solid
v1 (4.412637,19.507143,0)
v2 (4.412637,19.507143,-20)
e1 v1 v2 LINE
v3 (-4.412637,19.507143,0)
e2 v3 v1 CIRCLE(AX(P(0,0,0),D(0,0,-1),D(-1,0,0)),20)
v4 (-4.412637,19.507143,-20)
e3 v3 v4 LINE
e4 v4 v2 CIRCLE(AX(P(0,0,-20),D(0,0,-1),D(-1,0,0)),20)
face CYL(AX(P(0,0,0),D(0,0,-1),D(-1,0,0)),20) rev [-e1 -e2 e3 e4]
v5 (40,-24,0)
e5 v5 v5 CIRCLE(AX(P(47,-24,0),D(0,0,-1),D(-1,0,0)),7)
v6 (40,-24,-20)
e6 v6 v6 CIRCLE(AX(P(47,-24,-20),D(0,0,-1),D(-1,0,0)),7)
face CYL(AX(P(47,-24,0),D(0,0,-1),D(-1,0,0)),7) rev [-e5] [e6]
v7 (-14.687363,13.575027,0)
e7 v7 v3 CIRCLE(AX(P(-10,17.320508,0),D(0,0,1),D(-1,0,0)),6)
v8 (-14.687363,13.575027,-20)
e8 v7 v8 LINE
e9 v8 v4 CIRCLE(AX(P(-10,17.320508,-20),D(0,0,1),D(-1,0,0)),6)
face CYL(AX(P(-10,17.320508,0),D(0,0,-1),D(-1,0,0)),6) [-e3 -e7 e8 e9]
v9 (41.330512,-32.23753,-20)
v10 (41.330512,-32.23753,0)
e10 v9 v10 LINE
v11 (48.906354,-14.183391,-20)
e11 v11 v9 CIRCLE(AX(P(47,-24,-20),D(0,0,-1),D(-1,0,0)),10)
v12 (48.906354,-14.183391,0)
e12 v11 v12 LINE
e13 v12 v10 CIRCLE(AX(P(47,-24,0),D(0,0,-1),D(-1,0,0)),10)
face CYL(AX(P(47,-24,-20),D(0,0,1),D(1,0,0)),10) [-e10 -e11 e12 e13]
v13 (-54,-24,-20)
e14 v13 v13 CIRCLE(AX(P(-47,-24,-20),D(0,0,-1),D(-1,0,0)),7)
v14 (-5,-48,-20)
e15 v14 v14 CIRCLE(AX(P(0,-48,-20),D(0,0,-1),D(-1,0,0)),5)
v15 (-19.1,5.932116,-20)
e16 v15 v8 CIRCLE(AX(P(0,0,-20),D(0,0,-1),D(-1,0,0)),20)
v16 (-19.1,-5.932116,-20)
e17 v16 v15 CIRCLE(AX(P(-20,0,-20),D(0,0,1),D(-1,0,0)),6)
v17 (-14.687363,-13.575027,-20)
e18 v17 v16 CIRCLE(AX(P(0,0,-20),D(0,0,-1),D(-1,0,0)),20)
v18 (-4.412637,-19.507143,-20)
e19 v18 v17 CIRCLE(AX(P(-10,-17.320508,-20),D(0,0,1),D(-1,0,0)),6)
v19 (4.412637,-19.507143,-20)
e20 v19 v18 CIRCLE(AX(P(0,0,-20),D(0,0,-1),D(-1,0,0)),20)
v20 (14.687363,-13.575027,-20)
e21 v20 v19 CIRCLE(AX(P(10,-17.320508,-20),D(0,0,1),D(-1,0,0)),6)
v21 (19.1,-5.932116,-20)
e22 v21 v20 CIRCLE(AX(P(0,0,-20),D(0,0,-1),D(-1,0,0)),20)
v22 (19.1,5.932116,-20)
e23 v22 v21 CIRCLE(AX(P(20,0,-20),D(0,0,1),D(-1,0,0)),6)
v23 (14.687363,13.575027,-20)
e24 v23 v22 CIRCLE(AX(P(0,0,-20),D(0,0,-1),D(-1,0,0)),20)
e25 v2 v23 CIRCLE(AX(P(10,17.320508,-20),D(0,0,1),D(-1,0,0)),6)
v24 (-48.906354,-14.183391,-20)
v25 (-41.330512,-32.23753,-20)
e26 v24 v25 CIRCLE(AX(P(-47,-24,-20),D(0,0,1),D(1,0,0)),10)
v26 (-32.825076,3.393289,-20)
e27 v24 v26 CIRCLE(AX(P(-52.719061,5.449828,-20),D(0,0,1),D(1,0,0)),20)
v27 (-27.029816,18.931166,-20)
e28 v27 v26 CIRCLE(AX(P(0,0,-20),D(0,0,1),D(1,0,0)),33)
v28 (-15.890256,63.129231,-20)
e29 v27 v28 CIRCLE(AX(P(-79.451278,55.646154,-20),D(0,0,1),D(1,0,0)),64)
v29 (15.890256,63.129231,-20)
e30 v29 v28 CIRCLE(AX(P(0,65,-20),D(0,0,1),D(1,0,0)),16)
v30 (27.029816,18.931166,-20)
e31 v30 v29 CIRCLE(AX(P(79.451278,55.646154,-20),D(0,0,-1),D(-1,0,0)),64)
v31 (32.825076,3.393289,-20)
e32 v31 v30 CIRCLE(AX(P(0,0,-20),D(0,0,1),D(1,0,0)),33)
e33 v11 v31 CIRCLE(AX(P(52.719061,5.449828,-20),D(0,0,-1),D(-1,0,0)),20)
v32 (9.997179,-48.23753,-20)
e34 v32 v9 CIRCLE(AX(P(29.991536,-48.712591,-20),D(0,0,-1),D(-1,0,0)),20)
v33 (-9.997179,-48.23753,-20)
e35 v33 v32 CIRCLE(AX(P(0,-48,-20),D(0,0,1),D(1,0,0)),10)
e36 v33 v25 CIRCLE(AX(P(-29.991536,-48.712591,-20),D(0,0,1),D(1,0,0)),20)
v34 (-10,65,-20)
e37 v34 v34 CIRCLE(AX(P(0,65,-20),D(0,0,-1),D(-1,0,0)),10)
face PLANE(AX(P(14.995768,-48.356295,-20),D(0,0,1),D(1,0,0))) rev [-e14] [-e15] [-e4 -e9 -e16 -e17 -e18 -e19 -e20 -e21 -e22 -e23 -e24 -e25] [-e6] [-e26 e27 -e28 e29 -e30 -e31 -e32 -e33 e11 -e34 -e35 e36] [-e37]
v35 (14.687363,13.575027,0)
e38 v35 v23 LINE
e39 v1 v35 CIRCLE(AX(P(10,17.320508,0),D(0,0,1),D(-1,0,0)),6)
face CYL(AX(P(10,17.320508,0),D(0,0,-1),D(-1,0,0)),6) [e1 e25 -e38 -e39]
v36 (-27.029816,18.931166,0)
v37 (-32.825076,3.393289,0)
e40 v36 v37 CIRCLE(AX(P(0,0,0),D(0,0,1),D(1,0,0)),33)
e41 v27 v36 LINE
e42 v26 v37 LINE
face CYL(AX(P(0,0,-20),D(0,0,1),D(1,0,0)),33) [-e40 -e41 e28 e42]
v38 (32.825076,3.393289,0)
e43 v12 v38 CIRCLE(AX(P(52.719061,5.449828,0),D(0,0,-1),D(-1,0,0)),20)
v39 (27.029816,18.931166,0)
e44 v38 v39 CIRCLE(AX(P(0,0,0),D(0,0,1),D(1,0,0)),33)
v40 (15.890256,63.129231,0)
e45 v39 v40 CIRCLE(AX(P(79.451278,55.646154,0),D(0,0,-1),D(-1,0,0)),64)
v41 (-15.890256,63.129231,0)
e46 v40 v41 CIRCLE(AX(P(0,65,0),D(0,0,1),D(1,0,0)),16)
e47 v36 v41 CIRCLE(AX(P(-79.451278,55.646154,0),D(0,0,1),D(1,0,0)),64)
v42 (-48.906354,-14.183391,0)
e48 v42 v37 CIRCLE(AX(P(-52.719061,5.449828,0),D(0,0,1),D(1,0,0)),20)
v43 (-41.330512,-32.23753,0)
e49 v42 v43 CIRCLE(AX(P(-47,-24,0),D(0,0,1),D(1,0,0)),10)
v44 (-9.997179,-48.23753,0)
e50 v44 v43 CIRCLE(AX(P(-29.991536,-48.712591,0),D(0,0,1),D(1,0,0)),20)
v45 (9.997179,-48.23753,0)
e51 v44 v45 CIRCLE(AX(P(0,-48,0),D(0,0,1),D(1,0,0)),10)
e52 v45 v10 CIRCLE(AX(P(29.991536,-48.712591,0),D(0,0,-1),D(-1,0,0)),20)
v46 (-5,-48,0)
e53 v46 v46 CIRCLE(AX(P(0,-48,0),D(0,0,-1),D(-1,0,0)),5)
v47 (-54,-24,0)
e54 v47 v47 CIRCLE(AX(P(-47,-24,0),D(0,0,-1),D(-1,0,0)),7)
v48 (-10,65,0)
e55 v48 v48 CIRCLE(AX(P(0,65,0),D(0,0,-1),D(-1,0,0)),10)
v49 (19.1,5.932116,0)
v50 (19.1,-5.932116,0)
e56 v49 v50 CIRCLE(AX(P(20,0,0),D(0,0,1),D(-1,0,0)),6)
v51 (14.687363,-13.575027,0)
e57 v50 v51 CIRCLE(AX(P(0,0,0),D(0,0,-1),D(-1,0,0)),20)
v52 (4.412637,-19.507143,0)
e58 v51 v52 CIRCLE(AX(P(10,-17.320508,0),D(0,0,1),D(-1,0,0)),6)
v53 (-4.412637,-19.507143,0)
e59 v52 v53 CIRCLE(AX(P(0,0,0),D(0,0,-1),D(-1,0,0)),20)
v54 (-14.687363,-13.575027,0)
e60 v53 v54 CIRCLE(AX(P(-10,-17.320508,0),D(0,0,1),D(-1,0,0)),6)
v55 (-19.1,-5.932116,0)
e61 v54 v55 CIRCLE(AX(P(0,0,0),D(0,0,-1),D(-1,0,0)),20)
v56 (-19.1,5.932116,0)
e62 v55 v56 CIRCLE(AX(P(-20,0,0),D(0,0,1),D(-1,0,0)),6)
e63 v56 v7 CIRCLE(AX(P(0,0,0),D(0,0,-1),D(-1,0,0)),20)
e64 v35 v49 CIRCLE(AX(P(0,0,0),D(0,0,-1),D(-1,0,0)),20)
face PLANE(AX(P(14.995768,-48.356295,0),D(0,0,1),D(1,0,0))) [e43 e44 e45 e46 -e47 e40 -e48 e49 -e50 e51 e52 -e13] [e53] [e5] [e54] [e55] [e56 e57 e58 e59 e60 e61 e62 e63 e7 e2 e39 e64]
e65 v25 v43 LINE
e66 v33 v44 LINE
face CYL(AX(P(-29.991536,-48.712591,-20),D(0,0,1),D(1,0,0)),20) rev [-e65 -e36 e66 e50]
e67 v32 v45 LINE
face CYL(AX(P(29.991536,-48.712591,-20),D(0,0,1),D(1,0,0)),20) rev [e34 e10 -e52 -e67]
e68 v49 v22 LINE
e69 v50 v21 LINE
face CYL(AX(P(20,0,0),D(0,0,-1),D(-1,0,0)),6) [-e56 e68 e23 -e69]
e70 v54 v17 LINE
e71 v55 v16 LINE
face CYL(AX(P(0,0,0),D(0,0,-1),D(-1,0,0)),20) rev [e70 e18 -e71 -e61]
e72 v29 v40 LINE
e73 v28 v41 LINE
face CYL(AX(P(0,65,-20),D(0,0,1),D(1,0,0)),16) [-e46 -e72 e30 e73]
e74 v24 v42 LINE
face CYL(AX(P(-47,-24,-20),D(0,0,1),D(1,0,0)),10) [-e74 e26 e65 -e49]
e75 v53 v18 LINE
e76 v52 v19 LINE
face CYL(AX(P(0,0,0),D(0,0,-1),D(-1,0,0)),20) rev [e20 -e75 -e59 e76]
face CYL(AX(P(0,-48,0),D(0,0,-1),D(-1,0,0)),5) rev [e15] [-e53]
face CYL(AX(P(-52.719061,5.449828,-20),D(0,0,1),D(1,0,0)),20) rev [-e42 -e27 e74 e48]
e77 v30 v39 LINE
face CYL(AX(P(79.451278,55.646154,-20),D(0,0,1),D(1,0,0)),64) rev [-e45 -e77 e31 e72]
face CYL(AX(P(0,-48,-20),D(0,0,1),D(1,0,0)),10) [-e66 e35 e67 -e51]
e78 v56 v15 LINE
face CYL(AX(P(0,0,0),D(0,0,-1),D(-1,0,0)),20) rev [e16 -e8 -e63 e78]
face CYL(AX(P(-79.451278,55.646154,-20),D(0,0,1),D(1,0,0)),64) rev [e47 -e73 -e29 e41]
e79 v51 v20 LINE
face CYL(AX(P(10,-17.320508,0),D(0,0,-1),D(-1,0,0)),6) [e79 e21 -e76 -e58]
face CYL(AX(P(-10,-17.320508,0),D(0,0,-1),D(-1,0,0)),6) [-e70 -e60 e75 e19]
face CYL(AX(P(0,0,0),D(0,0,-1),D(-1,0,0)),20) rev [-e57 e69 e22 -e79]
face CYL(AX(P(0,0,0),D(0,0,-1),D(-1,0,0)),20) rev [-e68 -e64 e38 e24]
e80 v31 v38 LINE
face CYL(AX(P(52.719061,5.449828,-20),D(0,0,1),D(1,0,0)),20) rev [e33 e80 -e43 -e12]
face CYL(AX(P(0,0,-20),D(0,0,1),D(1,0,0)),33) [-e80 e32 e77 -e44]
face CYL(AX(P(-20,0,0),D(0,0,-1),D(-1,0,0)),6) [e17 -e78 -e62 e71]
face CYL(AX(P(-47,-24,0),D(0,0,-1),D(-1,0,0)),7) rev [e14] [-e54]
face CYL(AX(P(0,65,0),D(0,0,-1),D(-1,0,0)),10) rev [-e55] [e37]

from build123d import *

# Parameters (mm, degrees)
BOSS_EXTRUDE1_DEPTH = 20
SKETCH3_R           = 10
SKETCH3_R_2         = 7
SKETCH3_R_3         = 5
CUT_EXTRUDE1_DEPTH  = 102.044544633


with BuildPart() as part:
    # Sketch2 → Boss-Extrude1 (new body)
    with BuildSketch(Plane.XY):
        with BuildLine():
            ThreePointArc((32.82507564, 3.393288852), (30.919385889, 11.532197372), (27.029816197, 18.931165741))
            ThreePointArc((27.029816197, 18.931165741), (17.392020832, 40.004906757), (15.890255583, 63.129230769))
            ThreePointArc((15.890255583, 63.129230769), (0, 81), (-15.890255583, 63.129230769))
            ThreePointArc((-15.890255583, 63.129230769), (-17.392020832, 40.004906757), (-27.029816197, 18.931165741))
            ThreePointArc((-27.029816197, 18.931165741), (-30.919385889, 11.532197372), (-32.82507564, 3.393288852))
            ThreePointArc((-32.82507564, 3.393288852), (-37.963155814, -8.050663767), (-48.906353625, -14.183390817))
            ThreePointArc((-48.906353625, -14.183390817), (-56.22107819, -27.869330305), (-41.330511904, -32.237530257))
            ThreePointArc((-41.330511904, -32.237530257), (-20.895992582, -30.900485472), (-9.997178571, -48.237530257))
            ThreePointArc((-9.997178571, -48.237530257), (0, -58), (9.997178571, -48.237530257))
            ThreePointArc((9.997178571, -48.237530257), (20.895992582, -30.900485472), (41.330511904, -32.237530257))
            ThreePointArc((41.330511904, -32.237530257), (56.22107819, -27.869330305), (48.906353625, -14.183390817))
            ThreePointArc((48.906353625, -14.183390817), (37.963155814, -8.050663767), (32.82507564, 3.393288852))
        make_face()
    extrude(amount=-BOSS_EXTRUDE1_DEPTH)

    # Sketch3 → Cut-Extrude1 (cut, through all)
    with BuildSketch(Plane(origin=(0, 0, -20), x_dir=(-1, 0, 0), z_dir=(0, 0, -1))):
        with Locations((0, 65)):
            Circle(SKETCH3_R)
        with Locations((47, -24)):
            Circle(SKETCH3_R_2)
        with Locations((0, -48)):
            Circle(SKETCH3_R_3)
        with Locations((-47, -24)):
            Circle(SKETCH3_R_2)
        with BuildLine():
            ThreePointArc((-14.687363137, 13.575027222), (-17.320508076, 10), (-19.1, 5.93211598))
            ThreePointArc((-19.1, 5.93211598), (-14, 0), (-19.1, -5.93211598))
            ThreePointArc((-19.1, -5.93211598), (-17.320508076, -10), (-14.687363137, -13.575027222))
            ThreePointArc((-14.687363137, -13.575027222), (-7, -12.124355653), (-4.412636863, -19.507143202))
            ThreePointArc((-4.412636863, -19.507143202), (0, -20), (4.412636863, -19.507143202))
            ThreePointArc((4.412636863, -19.507143202), (7, -12.124355653), (14.687363137, -13.575027222))
            ThreePointArc((14.687363137, -13.575027222), (17.320508076, -10), (19.1, -5.93211598))
            ThreePointArc((19.1, -5.93211598), (14, 0), (19.1, 5.93211598))
            ThreePointArc((19.1, 5.93211598), (17.320508076, 10), (14.687363137, 13.575027222))
            ThreePointArc((14.687363137, 13.575027222), (7, 12.124355653), (4.412636863, 19.507143202))
            ThreePointArc((4.412636863, 19.507143202), (0, 20), (-4.412636863, 19.507143202))
            ThreePointArc((-4.412636863, 19.507143202), (-7, 12.124355653), (-14.687363137, 13.575027222))
        make_face()
    extrude(amount=-CUT_EXTRUDE1_DEPTH, mode=Mode.SUBTRACT)


solid = part.part
